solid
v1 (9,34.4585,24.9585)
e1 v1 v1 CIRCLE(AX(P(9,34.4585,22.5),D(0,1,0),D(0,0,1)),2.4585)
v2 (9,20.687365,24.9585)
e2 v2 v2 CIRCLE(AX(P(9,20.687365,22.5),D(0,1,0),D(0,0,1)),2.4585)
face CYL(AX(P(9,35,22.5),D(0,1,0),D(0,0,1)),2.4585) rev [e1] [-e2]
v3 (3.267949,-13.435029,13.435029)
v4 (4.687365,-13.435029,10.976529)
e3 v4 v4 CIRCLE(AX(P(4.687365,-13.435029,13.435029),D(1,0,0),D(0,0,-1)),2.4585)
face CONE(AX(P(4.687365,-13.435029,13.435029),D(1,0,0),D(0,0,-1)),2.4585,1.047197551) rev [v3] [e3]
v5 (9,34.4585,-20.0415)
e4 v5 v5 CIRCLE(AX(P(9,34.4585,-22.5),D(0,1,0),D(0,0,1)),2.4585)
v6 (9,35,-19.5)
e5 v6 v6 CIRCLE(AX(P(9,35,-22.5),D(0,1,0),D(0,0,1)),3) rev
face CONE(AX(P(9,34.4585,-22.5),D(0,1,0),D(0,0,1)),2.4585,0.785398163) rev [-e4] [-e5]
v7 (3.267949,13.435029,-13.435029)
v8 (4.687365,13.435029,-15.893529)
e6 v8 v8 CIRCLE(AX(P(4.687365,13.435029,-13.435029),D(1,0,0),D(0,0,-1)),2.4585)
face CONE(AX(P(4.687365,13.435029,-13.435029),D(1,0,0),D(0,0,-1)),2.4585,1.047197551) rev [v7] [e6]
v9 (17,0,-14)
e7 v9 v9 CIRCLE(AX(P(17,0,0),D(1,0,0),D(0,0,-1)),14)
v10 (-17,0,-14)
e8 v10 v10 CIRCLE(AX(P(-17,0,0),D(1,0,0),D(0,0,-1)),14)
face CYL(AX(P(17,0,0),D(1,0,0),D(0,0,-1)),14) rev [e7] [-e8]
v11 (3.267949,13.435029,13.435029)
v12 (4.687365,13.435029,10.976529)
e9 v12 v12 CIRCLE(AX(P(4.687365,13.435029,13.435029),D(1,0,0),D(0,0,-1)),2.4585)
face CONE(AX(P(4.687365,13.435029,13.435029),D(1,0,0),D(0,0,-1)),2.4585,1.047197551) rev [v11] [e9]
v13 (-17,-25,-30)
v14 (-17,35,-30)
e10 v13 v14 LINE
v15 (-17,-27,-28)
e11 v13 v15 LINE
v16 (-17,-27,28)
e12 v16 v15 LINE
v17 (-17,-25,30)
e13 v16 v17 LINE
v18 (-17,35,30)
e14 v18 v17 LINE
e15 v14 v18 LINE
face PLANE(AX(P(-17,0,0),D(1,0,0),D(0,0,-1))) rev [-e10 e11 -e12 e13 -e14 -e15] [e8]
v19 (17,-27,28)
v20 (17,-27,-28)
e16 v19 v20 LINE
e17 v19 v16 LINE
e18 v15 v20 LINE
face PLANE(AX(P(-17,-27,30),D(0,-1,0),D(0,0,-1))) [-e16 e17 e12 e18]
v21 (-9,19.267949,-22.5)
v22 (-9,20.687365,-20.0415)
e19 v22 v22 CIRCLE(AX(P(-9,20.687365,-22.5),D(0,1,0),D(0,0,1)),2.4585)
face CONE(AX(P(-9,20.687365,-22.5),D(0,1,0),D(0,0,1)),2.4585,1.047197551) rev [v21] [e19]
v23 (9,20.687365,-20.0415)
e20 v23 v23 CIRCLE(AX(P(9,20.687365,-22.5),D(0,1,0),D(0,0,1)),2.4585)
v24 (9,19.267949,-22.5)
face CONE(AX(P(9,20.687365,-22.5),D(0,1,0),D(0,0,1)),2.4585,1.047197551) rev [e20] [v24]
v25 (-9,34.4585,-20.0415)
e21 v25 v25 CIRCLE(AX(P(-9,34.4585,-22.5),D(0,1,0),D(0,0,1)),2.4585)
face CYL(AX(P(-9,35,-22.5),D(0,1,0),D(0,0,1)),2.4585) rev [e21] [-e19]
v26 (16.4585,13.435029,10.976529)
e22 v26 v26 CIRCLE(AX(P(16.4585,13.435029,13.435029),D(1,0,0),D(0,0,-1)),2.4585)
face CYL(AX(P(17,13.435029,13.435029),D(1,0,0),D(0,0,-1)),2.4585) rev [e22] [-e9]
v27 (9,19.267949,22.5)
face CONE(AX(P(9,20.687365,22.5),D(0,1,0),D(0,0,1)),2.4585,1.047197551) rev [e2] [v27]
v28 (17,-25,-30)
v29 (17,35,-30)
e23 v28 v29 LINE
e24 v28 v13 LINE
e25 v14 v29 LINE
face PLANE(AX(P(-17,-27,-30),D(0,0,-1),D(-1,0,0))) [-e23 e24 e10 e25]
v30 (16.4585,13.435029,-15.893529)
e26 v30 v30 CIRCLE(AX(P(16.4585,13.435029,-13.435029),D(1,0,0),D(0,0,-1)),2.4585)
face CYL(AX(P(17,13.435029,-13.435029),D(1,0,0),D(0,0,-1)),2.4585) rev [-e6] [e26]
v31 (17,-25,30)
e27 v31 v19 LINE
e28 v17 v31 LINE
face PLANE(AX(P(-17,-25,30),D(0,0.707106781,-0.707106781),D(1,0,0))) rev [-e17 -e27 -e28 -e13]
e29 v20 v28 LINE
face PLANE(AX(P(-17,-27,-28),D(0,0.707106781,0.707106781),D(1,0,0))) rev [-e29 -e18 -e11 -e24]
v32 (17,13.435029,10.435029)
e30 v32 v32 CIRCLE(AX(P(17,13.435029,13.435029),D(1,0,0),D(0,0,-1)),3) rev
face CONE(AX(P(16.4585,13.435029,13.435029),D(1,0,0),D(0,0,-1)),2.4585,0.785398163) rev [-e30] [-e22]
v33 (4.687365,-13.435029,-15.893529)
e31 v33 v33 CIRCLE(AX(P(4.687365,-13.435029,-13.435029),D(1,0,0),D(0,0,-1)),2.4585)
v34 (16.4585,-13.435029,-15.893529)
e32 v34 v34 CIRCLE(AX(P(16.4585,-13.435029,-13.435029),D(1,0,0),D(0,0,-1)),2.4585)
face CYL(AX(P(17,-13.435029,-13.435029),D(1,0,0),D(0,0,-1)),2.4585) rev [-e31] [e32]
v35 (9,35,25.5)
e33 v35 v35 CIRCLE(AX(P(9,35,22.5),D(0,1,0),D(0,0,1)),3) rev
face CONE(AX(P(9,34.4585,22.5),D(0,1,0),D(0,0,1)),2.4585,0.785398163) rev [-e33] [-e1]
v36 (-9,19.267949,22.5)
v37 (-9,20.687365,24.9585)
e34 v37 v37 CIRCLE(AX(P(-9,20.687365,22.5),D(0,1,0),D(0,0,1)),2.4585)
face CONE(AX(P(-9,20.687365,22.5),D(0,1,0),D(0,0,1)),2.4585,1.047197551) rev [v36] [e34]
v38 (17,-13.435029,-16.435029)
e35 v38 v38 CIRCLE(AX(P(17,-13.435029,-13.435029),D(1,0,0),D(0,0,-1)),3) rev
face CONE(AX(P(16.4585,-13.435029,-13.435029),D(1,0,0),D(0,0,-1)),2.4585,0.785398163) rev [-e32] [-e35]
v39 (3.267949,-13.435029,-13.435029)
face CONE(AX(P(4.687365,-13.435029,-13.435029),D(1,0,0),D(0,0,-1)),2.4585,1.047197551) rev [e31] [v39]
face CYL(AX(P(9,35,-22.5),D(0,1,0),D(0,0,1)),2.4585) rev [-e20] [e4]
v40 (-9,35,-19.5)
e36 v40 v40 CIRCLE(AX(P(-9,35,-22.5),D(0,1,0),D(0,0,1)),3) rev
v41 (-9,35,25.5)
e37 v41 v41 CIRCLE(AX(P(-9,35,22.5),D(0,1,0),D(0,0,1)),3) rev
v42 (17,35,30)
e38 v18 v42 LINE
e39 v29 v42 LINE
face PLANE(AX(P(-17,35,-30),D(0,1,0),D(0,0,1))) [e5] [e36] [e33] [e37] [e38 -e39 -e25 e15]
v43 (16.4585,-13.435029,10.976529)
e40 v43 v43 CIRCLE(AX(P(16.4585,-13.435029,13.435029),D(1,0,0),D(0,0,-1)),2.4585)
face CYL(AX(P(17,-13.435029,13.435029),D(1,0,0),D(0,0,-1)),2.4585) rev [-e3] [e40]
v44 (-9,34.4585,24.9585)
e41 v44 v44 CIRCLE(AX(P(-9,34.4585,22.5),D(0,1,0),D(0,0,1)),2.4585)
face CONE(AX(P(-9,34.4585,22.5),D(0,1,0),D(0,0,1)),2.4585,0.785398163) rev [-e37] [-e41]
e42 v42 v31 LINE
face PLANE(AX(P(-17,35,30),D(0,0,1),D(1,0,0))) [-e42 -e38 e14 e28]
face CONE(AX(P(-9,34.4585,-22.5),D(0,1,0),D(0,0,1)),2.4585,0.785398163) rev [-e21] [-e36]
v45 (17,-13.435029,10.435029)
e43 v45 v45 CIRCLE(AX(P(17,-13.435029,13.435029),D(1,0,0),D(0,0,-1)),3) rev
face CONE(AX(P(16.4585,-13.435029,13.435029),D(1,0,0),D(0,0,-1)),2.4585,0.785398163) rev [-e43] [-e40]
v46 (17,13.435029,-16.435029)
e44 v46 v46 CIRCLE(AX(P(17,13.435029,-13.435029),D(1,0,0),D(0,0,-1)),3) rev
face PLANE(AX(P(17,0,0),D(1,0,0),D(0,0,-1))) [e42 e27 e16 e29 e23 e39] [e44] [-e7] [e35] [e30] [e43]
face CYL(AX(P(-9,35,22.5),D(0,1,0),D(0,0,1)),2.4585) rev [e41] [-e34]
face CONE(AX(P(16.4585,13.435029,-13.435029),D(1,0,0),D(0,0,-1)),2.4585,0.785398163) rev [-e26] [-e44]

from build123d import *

# Parameters (mm, degrees)
SCHIZZO1_W                   = 60
SCHIZZO1_H                   = 62
ESTRUSIONE_ESTRUSIONE1_DEPTH = 34
FORO_PER_VITE_M24_1_D        = 28
FORO1_D                      = 4.917
FORO1_DEPTH                  = 14.312635171
FORO1_TIP                    = 1.419415637
FORO2_D                      = 4.917
FORO2_DEPTH                  = 12.312635171
FORO2_TIP                    = 1.419415637
SMUSSO1_SIZE                 = 0.5415
SMUSSO2_SIZE                 = 2


with BuildPart() as part:
    # Schizzo1 → Estrusione-Estrusione1 (new body)
    with BuildSketch(Plane(origin=(17, 0, 0), x_dir=(0, 0, -1), z_dir=(1, 0, 0))):
        with Locations((0, 4)):
            Rectangle(SCHIZZO1_W, SCHIZZO1_H)
    extrude(amount=-ESTRUSIONE_ESTRUSIONE1_DEPTH)

    # Foro per Vite M24-1 (through all)
    with Locations(Plane(origin=(17, 0, 0), x_dir=(0, 0, -1), z_dir=(1, 0, 0))):
        with Locations((0, 0)):
            Hole(FORO_PER_VITE_M24_1_D / 2)

    # Foro1
    with Locations(Plane(origin=(0, 35, 0), x_dir=(1, 0, 0), z_dir=(0, 1, 0))):
        with Locations((9, 22.5), (9, -22.5), (-9, 22.5), (-9, -22.5)):
            Hole(FORO1_D / 2, depth=FORO1_DEPTH)
            with Locations((0, 0, -(FORO1_DEPTH + FORO1_TIP / 2))):  # 120° drill point
                Cone(0, FORO1_D / 2, FORO1_TIP, mode=Mode.SUBTRACT)

    # Foro2
    with Locations(Plane(origin=(17, 0, 0), x_dir=(0, 0, -1), z_dir=(1, 0, 0))):
        with Locations((13.435028843, 13.435028843), (-13.435028843, -13.435028843), (13.435028843, -13.435028843), (-13.435028843, 13.435028843)):
            Hole(FORO2_D / 2, depth=FORO2_DEPTH)
            with Locations((0, 0, -(FORO2_DEPTH + FORO2_TIP / 2))):  # 120° drill point
                Cone(0, FORO2_D / 2, FORO2_TIP, mode=Mode.SUBTRACT)

    # Smusso1
    smusso1_edges = [part.edges().sort_by_distance(p)[0] for p in [
        (-6.5415, 35, 22.5),
        (-6.5415, 35, -22.5),
        (11.4585, 35, 22.5),
        (11.4585, 35, -22.5),
        (17, 13.435028843, 10.976528843),
        (17, -13.435028843, -15.893528843),
        (17, -13.435028843, 10.976528843),
        (17, 13.435028843, -15.893528843),
    ]]
    chamfer(smusso1_edges, length=SMUSSO1_SIZE)

    # Smusso2
    smusso2_edges = [part.edges().sort_by_distance(p)[0] for p in [
        (0, -27, 30),
        (0, -27, -30),
    ]]
    chamfer(smusso2_edges, length=SMUSSO2_SIZE)


solid = part.part
